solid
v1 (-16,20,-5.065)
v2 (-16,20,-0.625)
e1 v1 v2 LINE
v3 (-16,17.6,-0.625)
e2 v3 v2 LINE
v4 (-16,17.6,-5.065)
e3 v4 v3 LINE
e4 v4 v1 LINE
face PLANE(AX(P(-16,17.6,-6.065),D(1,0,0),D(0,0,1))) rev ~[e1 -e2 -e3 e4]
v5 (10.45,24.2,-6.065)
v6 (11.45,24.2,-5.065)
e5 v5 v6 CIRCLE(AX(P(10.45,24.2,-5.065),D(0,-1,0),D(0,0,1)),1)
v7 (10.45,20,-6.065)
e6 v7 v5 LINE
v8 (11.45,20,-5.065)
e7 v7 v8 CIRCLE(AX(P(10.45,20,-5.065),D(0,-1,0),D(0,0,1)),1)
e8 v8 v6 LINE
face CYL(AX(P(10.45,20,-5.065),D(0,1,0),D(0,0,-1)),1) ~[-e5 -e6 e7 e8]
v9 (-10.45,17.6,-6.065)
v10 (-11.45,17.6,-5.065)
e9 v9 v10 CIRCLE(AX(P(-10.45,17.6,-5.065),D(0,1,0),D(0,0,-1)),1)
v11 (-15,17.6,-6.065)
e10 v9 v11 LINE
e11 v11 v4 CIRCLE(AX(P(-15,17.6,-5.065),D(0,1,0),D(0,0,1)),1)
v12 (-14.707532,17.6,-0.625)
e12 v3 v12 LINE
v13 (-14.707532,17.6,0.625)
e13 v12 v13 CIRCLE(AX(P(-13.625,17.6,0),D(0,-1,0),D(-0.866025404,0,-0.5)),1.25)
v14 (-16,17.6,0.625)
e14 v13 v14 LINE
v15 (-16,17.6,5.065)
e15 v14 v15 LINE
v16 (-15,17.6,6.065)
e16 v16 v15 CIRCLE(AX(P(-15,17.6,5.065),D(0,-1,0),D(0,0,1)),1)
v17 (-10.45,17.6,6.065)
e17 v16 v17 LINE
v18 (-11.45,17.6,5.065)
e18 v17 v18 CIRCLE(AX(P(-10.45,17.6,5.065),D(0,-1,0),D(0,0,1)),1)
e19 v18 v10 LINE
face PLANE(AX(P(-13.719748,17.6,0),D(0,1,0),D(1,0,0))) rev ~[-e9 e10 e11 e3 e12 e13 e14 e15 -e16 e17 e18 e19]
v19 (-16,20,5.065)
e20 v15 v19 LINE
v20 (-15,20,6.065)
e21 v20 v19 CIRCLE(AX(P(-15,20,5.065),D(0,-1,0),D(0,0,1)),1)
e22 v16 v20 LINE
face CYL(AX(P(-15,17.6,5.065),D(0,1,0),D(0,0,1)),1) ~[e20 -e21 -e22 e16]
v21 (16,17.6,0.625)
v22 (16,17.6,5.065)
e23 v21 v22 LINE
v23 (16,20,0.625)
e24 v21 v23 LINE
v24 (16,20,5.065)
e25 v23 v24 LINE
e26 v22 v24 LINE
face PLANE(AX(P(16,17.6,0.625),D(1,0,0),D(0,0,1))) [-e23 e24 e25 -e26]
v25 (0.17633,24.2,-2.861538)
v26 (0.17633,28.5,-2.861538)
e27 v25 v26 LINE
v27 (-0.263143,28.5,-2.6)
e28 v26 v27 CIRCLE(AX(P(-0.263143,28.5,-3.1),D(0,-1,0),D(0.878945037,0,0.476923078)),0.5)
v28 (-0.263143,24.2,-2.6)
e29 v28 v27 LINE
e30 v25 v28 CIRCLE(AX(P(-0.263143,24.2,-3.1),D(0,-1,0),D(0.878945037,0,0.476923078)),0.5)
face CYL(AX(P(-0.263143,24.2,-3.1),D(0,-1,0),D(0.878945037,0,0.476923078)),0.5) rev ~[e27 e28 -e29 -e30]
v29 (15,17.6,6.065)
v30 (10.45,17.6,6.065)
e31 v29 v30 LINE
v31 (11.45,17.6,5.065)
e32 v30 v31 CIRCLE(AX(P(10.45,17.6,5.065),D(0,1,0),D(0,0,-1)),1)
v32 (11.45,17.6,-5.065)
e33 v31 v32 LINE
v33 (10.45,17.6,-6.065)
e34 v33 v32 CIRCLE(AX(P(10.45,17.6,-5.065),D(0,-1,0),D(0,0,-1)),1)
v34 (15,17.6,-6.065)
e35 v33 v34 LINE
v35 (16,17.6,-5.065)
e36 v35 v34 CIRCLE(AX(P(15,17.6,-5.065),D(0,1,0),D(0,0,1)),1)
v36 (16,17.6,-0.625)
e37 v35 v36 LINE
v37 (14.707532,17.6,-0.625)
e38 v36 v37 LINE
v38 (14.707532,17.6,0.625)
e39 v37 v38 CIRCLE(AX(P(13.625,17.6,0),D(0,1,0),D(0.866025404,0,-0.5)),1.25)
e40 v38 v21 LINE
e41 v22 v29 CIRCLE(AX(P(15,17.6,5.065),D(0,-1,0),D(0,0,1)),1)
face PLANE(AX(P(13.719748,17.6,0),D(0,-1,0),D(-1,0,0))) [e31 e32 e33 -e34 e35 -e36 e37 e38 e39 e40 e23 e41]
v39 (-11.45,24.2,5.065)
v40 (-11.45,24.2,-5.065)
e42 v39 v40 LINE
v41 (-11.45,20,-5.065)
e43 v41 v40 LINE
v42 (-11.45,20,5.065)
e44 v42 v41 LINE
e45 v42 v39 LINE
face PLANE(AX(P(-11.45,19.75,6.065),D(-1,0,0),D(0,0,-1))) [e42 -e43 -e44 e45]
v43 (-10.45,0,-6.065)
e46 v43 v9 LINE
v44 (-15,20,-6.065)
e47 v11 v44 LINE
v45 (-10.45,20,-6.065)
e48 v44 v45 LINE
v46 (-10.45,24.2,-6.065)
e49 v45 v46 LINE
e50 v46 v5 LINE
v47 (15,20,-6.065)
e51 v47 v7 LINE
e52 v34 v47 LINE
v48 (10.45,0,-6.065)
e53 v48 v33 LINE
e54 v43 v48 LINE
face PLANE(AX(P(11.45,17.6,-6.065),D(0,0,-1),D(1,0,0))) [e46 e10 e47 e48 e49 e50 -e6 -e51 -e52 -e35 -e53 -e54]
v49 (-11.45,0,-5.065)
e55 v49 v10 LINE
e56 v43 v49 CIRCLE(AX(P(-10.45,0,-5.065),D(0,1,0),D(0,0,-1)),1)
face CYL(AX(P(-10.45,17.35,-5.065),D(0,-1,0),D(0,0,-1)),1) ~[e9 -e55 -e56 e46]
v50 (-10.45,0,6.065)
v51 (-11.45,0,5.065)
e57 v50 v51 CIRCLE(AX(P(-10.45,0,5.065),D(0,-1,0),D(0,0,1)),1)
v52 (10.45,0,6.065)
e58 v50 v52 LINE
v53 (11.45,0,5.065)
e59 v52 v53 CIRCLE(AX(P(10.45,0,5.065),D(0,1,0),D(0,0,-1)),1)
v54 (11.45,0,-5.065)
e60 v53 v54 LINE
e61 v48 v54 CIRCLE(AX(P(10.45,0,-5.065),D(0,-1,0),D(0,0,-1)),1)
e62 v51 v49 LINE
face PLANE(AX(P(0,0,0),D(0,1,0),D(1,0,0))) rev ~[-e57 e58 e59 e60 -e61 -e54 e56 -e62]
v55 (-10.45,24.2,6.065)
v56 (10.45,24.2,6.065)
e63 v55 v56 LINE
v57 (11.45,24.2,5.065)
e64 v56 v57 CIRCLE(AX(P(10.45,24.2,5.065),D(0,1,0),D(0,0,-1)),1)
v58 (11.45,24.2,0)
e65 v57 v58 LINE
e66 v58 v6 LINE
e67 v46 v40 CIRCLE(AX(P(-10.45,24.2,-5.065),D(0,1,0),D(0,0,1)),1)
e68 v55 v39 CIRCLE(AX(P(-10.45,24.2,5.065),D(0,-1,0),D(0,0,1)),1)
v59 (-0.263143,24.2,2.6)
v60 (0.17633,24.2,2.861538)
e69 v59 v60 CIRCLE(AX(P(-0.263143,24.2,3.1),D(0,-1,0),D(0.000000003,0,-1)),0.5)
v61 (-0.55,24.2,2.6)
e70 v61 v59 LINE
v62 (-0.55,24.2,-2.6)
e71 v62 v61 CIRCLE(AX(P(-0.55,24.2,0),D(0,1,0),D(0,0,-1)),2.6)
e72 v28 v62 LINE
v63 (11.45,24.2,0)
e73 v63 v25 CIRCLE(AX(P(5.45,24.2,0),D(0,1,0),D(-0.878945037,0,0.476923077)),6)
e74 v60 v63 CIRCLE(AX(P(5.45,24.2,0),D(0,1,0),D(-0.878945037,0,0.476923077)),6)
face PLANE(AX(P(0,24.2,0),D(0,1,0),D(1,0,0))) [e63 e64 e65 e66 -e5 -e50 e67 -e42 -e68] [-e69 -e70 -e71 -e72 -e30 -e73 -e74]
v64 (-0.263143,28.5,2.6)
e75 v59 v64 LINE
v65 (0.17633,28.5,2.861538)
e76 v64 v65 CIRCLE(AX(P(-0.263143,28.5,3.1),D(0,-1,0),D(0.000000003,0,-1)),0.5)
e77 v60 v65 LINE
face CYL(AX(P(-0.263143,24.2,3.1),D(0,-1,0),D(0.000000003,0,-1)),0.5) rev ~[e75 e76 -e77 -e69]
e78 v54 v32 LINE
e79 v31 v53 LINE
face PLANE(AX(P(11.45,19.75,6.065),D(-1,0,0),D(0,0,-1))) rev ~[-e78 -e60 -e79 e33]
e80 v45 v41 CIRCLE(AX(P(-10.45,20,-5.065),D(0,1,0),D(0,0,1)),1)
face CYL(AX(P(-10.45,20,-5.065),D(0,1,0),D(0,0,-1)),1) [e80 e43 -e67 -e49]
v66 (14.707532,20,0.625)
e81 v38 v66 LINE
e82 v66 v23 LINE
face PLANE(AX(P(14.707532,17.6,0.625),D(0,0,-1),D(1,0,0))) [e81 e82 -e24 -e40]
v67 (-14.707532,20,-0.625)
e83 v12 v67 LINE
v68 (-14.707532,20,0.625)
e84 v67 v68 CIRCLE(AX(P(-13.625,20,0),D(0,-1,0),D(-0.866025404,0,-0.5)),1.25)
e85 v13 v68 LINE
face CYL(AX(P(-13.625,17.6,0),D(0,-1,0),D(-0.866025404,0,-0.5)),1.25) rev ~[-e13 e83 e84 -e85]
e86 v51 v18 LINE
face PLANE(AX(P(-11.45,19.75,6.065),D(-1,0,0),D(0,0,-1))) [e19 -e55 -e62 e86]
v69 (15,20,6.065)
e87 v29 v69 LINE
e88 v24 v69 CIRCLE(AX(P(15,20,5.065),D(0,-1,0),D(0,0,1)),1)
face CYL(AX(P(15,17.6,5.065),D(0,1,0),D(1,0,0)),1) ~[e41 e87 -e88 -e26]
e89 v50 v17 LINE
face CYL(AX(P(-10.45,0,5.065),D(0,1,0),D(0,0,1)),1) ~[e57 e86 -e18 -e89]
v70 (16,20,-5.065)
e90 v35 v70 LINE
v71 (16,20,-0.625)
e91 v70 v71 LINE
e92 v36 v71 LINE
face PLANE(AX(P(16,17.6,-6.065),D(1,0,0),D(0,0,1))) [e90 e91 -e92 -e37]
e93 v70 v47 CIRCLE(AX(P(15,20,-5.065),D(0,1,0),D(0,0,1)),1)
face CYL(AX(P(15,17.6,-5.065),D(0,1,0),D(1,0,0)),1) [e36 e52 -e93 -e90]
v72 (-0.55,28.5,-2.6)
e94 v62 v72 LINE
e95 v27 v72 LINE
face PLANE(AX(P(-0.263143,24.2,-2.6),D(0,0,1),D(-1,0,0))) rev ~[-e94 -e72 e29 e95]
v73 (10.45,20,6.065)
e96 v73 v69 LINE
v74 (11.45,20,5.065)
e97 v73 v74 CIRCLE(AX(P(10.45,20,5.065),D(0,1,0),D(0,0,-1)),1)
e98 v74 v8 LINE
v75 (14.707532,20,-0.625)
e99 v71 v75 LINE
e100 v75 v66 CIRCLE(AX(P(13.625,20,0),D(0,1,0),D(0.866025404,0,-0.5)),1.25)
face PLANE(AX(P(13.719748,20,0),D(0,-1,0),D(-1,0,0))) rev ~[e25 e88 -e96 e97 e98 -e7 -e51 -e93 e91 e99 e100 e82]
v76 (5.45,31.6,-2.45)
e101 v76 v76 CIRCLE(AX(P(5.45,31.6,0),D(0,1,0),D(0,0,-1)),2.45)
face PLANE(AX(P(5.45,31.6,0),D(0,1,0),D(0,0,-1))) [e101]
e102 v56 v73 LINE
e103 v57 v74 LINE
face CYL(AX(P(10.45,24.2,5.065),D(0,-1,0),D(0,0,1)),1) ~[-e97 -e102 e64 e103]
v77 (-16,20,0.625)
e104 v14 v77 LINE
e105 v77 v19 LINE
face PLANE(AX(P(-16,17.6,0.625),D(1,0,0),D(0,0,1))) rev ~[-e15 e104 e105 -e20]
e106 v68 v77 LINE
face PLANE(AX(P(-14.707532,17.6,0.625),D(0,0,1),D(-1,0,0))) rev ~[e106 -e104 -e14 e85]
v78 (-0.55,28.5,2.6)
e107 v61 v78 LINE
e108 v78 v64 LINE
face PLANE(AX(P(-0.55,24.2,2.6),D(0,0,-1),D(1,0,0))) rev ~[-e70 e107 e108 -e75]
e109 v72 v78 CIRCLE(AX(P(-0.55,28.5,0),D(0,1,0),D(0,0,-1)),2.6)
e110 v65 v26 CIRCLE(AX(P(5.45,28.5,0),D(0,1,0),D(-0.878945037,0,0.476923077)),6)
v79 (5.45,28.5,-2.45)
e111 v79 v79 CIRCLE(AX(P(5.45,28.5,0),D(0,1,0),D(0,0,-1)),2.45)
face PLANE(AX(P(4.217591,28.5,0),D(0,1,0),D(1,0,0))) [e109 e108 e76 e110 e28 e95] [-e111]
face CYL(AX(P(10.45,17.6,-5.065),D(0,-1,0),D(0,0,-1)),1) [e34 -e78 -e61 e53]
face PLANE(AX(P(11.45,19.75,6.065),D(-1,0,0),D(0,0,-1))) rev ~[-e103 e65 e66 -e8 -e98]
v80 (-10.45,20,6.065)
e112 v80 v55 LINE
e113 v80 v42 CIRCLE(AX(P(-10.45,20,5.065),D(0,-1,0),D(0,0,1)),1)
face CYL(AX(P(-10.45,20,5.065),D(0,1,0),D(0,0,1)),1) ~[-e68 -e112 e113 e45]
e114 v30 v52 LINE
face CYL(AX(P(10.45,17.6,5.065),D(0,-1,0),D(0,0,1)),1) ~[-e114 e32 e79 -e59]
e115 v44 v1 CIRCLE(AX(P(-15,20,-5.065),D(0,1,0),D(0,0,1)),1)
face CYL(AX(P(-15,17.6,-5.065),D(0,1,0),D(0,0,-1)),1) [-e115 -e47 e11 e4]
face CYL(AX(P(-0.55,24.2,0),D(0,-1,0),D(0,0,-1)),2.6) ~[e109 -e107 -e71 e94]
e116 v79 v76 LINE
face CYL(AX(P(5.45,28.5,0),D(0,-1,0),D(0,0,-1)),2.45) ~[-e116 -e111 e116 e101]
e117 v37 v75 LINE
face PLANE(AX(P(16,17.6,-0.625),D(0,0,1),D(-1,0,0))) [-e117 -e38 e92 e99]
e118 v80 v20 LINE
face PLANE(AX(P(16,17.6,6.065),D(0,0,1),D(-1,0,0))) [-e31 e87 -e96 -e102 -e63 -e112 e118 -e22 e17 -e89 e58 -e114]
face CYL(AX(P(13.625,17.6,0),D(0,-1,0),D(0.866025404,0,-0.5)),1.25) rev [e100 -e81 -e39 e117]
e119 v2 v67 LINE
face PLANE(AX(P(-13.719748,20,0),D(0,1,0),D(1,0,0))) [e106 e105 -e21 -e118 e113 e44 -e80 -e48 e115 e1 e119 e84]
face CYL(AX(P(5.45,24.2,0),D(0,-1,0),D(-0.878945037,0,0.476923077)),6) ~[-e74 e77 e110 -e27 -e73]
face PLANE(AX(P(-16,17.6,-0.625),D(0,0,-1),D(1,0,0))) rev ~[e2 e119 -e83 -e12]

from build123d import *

# Parameters (mm, degrees)
ESBO_O2_W                  = 22.9
ESBO_O2_H                  = 12.13
RESSALTO_EXTRUS_O1_DEPTH   = 17.35
ESBO_O3_W                  = 32
ESBO_O3_H                  = 12.13
RESSALTO_EXTRUS_O2_DEPTH   = 2.4
ESBO_O4_W                  = 22.9
ESBO_O4_H                  = 12.13
RESSALTO_EXTRUS_O3_DEPTH   = 4.45
CORTE_EXTRUS_O1_DEPTH      = 2.4
RESSALTO_EXTRUS_O4_DEPTH   = 4.3
ESBO_O7_R                  = 2.45
RESSALTO_EXTRUS_O5_DEPTH   = 3.1
CORTE_EXTRUS_O2_DEPTH      = 1
CORTE_EXTRUS_O2_DEPTH_BACK = 16
ESBO_O10_W                 = 9.190370446
ESBO_O10_H                 = 13.482765879
ESBO_O10_W_2               = 7.294178248
ESBO_O10_H_2               = 14.557386271
RESSALTO_EXTRUS_O7_DEPTH   = 2.4
FILETE1_R                  = 1


with BuildPart() as part:
    # Esboço2 → Ressalto-extrusão1 (new body)
    with BuildSketch(Plane(origin=(0, 0, 0), x_dir=(1, 0, 0), z_dir=(0, 1, 0))):
        Rectangle(ESBO_O2_W, ESBO_O2_H)
    extrude(amount=RESSALTO_EXTRUS_O1_DEPTH)

    # Esboço3 → Ressalto-extrusão2 (add)
    with BuildSketch(Plane(origin=(0, 17.35, 0), x_dir=(1, 0, 0), z_dir=(0, 1, 0))):
        Rectangle(ESBO_O3_W, ESBO_O3_H)
    extrude(amount=RESSALTO_EXTRUS_O2_DEPTH)

    # Esboço4 → Ressalto-extrusão3 (add)
    with BuildSketch(Plane(origin=(0, 19.75, 0), x_dir=(1, 0, 0), z_dir=(0, 1, 0))):
        Rectangle(ESBO_O4_W, ESBO_O4_H)
    extrude(amount=RESSALTO_EXTRUS_O3_DEPTH)

    # Esboço5 → Corte-extrusão1 (cut)
    with BuildSketch(Plane(origin=(0, 19.75, 0), x_dir=(1, 0, 0), z_dir=(0, 1, 0))):
        with BuildLine():
            Line((-16, -0.625), (-16, 0.625))
            Line((-16, 0.625), (-14.707531755, 0.625))
            ThreePointArc((-14.707531755, 0.625), (-12.375, 0), (-14.707531755, -0.625))
            Line((-14.707531755, -0.625), (-16, -0.625))
        make_face()
        with BuildLine():
            Line((14.707531755, -0.625), (16, -0.625))
            Line((16, -0.625), (16, 0.625))
            Line((16, 0.625), (14.707531755, 0.625))
            ThreePointArc((14.707531755, 0.625), (12.375, 0), (14.707531755, -0.625))
        make_face()
    extrude(amount=-CORTE_EXTRUS_O1_DEPTH, mode=Mode.SUBTRACT)

    # Esboço6 → Ressalto-extrusão4 (add)
    with BuildSketch(Plane(origin=(0, 24.2, 0), x_dir=(1, 0, 0), z_dir=(0, 1, 0))):
        with BuildLine():
            Line((-0.55, -2.6), (-0.263142743, -2.6))
            ThreePointArc((-0.263142743, -2.6), (-0.007438587, -2.670331076), (0.176329776, -2.861538462))
            ThreePointArc((0.176329776, -2.861538462), (11.45, 0), (0.176329776, 2.861538462))
            ThreePointArc((0.176329776, 2.861538462), (-0.007438587, 2.670331076), (-0.263142743, 2.6))
            Line((-0.263142743, 2.6), (-0.55, 2.6))
            ThreePointArc((-0.55, 2.6), (-3.15, 0), (-0.55, -2.6))
        make_face()
    extrude(amount=RESSALTO_EXTRUS_O4_DEPTH)

    # Esboço7 → Ressalto-extrusão5 (add)
    with BuildSketch(Plane(origin=(0, 28.5, 0), x_dir=(1, 0, 0), z_dir=(0, 1, 0))):
        with Locations(Location((5.45, 0, 0), (0, 0, 90))):
            Circle(ESBO_O7_R)
    extrude(amount=RESSALTO_EXTRUS_O5_DEPTH)

    # Esboço10 → Corte-extrusão2 (cut, two sides: drawn at the far end of the back side and taken through both)
    with BuildSketch(Plane(origin=(0, 28.5, 0), x_dir=(1, 0, 0), z_dir=(0, 1, 0)).offset(-CORTE_EXTRUS_O2_DEPTH_BACK)):
        with Locations((16.045185223, -0.676382939)):
            Rectangle(ESBO_O10_W, ESBO_O10_H)
        with Locations((-15.097089124, -1.213693136)):
            Rectangle(ESBO_O10_W_2, ESBO_O10_H_2)
    extrude(amount=CORTE_EXTRUS_O2_DEPTH + CORTE_EXTRUS_O2_DEPTH_BACK, mode=Mode.SUBTRACT)

    # Esboço12 → Ressalto-extrusão7 (add)
    with BuildSketch(Plane(origin=(0, 17.6, 0), x_dir=(1, 0, 0), z_dir=(0, 1, 0))):
        with BuildLine():
            Line((16, 0.625), (14.707531755, 0.625))
            ThreePointArc((14.707531755, 0.625), (12.375, 0), (14.707531755, -0.625))
            Line((14.707531755, -0.625), (16, -0.625))
            Line((16, -0.625), (16, -6.065))
            Line((16, -6.065), (11.45, -6.065))
            Line((11.45, -6.065), (11.45, 6.065))
            Line((11.45, 6.065), (16, 6.065))
            Line((16, 6.065), (16, 0.625))
        make_face()
        with BuildLine():
            Line((-16, -0.625), (-16, -6.065))
            Line((-16, -6.065), (-11.45, -6.065))
            Line((-11.45, -6.065), (-11.45, 6.065))
            Line((-11.45, 6.065), (-16, 6.065))
            Line((-16, 6.065), (-16, 0.625))
            Line((-16, 0.625), (-14.707531755, 0.625))
            ThreePointArc((-14.707531755, 0.625), (-12.375, 0), (-14.707531755, -0.625))
            Line((-14.707531755, -0.625), (-16, -0.625))
        make_face()
    extrude(amount=RESSALTO_EXTRUS_O7_DEPTH)

    # Filete1
    filete1_edges = [part.edges().sort_by_distance(p)[0] for p in [
        (11.45, 8.8, 6.065),
        (11.45, 8.8, -6.065),
        (16, 18.8, -6.065),
        (16, 18.8, 6.065),
        (-11.45, 8.8, 6.065),
        (-11.45, 8.8, -6.065),
        (-16, 18.8, 6.065),
        (-16, 18.8, -6.065),
        (-11.45, 22.1, -6.065),
        (11.45, 22.1, -6.065),
        (11.45, 22.1, 6.065),
        (-11.45, 22.1, 6.065),
    ]]
    fillet(filete1_edges, radius=FILETE1_R)


solid = part.part
